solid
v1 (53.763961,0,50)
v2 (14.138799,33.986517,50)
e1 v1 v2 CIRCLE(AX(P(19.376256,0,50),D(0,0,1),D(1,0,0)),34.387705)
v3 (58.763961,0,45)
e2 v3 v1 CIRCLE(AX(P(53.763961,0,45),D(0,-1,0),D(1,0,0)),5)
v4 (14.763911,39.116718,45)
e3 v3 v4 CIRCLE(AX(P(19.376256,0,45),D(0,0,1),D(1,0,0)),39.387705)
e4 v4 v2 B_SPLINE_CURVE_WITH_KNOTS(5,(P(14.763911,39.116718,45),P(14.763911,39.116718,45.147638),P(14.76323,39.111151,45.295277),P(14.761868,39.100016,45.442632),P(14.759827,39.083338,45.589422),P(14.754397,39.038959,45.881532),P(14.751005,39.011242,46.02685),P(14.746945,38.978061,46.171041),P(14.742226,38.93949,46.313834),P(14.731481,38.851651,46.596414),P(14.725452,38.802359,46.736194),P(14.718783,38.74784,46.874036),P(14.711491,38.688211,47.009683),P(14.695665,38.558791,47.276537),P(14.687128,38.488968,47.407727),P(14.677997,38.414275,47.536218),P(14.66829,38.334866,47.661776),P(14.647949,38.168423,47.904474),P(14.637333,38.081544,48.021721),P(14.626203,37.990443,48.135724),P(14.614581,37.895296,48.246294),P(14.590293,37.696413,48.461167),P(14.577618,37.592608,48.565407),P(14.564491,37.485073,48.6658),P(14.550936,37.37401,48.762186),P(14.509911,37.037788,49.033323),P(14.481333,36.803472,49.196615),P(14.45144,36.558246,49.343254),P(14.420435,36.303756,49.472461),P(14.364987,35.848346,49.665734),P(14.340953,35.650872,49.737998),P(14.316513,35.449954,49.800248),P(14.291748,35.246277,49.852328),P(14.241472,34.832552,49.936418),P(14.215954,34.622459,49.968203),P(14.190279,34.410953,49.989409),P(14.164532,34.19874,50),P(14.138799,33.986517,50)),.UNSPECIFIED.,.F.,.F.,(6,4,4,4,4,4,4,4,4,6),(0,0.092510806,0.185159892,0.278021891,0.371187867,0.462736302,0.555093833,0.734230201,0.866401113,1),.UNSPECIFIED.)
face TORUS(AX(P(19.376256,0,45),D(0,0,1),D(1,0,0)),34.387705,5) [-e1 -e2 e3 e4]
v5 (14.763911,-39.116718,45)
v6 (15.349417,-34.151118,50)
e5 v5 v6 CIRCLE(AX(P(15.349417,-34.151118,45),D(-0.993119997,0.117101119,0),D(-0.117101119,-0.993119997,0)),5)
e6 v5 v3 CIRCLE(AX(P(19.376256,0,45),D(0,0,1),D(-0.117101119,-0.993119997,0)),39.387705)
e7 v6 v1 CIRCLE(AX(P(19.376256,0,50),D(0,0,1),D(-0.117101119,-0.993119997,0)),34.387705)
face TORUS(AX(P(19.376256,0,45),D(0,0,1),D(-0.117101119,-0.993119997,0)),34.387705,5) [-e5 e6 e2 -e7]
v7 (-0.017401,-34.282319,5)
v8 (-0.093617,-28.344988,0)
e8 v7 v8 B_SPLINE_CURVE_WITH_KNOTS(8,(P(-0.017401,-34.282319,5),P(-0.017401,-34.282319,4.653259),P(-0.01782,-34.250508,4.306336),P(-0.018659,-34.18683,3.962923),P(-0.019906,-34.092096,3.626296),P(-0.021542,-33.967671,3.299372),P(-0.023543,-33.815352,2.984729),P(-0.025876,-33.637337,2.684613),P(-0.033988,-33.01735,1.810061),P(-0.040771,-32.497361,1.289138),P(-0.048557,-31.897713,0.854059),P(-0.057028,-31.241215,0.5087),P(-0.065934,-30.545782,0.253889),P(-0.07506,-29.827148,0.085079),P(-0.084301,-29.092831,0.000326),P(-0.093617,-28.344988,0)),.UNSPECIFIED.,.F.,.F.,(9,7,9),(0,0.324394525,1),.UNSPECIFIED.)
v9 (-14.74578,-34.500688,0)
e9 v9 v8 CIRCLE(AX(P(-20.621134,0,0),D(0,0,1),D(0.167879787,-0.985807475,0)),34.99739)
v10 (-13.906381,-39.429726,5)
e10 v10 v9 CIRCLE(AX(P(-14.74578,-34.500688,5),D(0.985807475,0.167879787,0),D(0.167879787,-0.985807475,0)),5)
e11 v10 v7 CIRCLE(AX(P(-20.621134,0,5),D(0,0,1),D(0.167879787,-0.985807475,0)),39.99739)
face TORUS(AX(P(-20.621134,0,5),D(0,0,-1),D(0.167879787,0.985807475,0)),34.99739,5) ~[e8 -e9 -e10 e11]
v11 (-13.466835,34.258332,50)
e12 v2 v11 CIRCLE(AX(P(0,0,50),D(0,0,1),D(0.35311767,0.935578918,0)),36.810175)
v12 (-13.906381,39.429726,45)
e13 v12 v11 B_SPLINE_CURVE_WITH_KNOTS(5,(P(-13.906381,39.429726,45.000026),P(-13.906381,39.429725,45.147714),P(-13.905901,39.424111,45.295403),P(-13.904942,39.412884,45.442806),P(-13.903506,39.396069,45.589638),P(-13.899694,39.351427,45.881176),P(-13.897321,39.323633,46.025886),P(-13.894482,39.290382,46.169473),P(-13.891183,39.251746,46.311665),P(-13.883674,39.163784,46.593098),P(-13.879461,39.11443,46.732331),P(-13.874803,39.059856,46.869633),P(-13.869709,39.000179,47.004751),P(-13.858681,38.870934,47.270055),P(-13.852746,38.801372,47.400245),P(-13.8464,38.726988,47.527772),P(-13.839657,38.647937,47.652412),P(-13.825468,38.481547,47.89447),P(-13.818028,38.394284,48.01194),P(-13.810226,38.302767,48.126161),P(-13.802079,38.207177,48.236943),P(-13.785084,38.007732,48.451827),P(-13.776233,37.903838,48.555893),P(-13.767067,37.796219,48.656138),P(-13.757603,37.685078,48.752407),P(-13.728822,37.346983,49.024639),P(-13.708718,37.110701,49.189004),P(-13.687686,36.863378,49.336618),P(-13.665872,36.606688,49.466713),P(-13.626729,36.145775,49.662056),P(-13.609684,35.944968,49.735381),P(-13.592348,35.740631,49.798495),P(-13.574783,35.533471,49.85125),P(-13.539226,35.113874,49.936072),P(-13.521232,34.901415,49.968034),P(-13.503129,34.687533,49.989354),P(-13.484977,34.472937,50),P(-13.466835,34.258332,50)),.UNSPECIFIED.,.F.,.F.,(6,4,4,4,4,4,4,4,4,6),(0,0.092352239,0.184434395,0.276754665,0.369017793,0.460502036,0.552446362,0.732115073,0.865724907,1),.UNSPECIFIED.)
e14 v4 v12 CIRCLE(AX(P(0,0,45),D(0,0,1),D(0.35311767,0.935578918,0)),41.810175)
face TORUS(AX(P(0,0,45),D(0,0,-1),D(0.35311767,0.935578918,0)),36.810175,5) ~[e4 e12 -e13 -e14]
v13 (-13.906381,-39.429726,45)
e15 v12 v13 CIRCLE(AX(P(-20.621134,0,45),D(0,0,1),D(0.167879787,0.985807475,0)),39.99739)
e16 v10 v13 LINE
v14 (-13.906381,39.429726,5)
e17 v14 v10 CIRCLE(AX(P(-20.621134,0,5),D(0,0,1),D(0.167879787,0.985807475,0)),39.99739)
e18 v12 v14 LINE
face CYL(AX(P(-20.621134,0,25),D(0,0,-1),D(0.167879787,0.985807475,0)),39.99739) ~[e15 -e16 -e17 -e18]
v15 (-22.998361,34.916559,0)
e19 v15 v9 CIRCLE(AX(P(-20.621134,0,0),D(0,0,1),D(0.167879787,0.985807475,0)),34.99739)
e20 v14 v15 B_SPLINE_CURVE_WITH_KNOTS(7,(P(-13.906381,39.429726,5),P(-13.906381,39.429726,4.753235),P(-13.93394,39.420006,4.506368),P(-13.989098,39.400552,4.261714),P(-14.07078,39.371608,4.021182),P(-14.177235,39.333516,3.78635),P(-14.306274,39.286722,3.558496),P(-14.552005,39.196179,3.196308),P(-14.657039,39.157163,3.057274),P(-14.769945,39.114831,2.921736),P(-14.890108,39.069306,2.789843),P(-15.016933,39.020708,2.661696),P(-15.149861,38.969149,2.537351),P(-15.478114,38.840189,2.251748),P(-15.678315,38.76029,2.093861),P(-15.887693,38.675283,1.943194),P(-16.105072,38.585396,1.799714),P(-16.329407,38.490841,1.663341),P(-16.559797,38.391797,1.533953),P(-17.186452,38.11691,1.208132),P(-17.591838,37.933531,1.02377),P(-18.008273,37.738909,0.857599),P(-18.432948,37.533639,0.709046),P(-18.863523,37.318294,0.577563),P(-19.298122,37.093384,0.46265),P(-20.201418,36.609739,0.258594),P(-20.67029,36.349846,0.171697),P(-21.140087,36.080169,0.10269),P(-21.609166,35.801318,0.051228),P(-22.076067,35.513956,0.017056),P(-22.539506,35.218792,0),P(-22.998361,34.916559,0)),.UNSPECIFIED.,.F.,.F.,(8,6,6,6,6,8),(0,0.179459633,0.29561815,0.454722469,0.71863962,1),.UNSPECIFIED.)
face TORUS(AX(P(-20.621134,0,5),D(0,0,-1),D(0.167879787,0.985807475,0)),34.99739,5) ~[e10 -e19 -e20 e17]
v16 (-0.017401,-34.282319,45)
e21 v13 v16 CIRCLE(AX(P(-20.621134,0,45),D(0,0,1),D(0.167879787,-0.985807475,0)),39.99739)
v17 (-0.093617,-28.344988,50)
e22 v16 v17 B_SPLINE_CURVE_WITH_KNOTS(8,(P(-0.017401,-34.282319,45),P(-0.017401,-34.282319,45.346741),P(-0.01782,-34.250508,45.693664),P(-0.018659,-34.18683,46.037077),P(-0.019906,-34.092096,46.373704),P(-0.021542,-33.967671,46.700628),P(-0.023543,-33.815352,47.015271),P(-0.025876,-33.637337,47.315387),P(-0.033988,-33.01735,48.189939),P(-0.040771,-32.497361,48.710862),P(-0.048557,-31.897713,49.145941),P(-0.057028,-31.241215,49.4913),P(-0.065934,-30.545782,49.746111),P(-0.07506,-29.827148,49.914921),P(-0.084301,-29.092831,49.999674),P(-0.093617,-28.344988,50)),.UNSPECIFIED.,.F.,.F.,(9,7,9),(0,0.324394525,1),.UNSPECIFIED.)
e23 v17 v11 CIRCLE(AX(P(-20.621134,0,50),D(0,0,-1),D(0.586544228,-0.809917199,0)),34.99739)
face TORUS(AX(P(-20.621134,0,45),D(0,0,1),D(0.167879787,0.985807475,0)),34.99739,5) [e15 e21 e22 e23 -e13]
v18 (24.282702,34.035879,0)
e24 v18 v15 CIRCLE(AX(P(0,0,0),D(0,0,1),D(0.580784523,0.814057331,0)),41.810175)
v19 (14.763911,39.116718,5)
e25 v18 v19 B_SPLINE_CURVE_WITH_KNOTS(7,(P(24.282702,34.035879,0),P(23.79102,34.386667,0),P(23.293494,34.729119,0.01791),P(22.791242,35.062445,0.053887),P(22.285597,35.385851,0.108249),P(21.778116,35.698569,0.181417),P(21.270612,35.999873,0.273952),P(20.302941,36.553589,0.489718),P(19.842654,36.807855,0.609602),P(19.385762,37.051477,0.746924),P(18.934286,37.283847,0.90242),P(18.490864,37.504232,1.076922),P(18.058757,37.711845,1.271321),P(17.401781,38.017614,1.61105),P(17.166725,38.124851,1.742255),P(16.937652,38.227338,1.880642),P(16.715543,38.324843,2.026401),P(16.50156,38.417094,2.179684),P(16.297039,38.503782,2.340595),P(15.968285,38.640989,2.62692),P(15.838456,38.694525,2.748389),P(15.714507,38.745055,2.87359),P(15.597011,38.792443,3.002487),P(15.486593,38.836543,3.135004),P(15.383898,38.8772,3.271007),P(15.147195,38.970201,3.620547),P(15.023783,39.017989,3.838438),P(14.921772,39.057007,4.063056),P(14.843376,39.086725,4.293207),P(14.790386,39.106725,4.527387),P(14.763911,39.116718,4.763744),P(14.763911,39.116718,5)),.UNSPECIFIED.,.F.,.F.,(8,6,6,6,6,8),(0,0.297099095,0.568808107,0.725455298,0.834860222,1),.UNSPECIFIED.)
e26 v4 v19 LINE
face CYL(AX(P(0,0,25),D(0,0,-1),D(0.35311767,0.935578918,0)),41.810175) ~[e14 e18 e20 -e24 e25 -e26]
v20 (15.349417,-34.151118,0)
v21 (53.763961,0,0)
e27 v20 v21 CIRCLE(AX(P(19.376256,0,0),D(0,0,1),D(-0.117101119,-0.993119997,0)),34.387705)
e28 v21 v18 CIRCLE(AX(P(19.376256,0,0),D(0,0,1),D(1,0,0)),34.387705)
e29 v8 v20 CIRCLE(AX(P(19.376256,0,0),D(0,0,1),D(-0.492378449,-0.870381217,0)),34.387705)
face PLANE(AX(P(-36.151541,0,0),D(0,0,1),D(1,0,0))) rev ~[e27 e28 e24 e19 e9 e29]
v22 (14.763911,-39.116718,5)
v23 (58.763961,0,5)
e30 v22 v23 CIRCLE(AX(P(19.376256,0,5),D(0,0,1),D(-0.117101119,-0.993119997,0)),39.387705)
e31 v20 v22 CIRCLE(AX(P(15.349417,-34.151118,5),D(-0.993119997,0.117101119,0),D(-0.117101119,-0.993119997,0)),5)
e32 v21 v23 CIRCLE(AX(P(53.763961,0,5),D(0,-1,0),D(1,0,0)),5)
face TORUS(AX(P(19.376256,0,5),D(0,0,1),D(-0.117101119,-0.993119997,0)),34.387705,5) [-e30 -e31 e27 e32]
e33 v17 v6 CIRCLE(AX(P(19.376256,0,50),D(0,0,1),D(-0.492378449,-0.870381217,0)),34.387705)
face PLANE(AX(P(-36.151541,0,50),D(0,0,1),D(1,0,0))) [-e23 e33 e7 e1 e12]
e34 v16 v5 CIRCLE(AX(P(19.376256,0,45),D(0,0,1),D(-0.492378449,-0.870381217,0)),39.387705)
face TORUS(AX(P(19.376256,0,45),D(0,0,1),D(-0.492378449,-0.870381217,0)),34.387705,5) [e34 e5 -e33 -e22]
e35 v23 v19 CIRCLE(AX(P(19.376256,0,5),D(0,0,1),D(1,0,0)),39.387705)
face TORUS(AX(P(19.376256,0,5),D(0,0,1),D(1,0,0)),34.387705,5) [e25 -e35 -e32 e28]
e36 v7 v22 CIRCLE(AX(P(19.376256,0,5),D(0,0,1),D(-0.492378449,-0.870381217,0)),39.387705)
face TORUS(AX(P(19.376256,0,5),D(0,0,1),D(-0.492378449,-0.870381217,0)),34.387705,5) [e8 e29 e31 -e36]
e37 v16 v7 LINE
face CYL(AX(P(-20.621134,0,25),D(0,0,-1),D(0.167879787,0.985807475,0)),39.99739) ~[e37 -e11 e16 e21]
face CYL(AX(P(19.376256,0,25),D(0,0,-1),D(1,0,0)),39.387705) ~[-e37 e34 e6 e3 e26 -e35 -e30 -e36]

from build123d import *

# Parameters (mm, degrees)
F1_DEPTH = 25
F2_DEPTH = 25
F3_R     = 5


with BuildPart() as f1:
    # F0 (on Top) → F1 (new body)
    with BuildSketch(Plane.XY):
        with BuildLine():
            ThreePointArc((-13.9063807078, -39.4297258268), (-41.8101746369, 0), (-13.9063807078, 39.4297258268))
            ThreePointArc((-13.9063807078, 39.4297258268), (-60.6185237596, 0), (-13.9063807078, -39.4297258268))
        make_face()
        with BuildLine():
            ThreePointArc((-0.0174014932, 34.2823190322), (-6.7215345173, 37.5045640586), (-13.9063807078, 39.4297258268))
            ThreePointArc((-13.9063807078, 39.4297258268), (-41.8101746369, 0), (-13.9063807078, -39.4297258268))
            ThreePointArc((-13.9063807078, -39.4297258268), (-6.7215345173, -37.5045640586), (-0.0174014932, -34.2823190322))
            ThreePointArc((-0.0174014932, -34.2823190322), (-20.0114496486, 0), (-0.0174014932, 34.2823190322))
        make_face()
        with BuildLine():
            ThreePointArc((19.3762558232, 0), (14.1918428442, 19.6938527359), (-0.0174014932, 34.2823190322))
            ThreePointArc((-0.0174014932, 34.2823190322), (-20.0114496486, 0), (-0.0174014932, -34.2823190322))
            ThreePointArc((-0.0174014932, -34.2823190322), (14.1918428442, -19.6938527359), (19.3762558232, 0))
        make_face()
        with BuildLine():
            ThreePointArc((14.7639114539, -39.1167179317), (34.3902051417, -23.7782357099), (41.8101746369, 0))
            ThreePointArc((41.8101746369, 0), (34.3902051417, 23.7782357099), (14.7639114539, 39.1167179317))
            ThreePointArc((14.7639114539, 39.1167179317), (7.1322825133, 37.4362986941), (-0.0174014932, 34.2823190322))
            ThreePointArc((-0.0174014932, 34.2823190322), (14.1918428442, 19.6938527359), (19.3762558232, 0))
            ThreePointArc((19.3762558232, 0), (14.1918428442, -19.6938527359), (-0.0174014932, -34.2823190322))
            ThreePointArc((-0.0174014932, -34.2823190322), (7.1322825133, -37.4362986941), (14.7639114539, -39.1167179317))
        make_face()
        with BuildLine():
            ThreePointArc((14.7639114539, 39.1167179317), (34.3902051417, 23.7782357099), (41.8101746369, 0))
            ThreePointArc((41.8101746369, 0), (34.3902051417, -23.7782357099), (14.7639114539, -39.1167179317))
            ThreePointArc((14.7639114539, -39.1167179317), (45.546101837, -29.436890154), (58.7639612949, 0))
            ThreePointArc((58.7639612949, 0), (45.546101837, 29.436890154), (14.7639114539, 39.1167179317))
        make_face()
        with BuildLine():
            ThreePointArc((-0.0174014932, 34.2823190322), (7.1322825133, 37.4362986941), (14.7639114539, 39.1167179317))
            ThreePointArc((14.7639114539, 39.1167179317), (0.4564353522, 41.8076831448), (-13.9063807078, 39.4297258268))
            ThreePointArc((-13.9063807078, 39.4297258268), (-6.7215345173, 37.5045640586), (-0.0174014932, 34.2823190322))
        make_face()
    extrude(amount=F1_DEPTH)

    # F2 (add): a face of the model
    f2_faces = [f1.faces().sort_by_distance(p)[0] for p in [
        (-1.0668133748, 0.5074400714, 25),
    ]]
    extrude(f2_faces, amount=F2_DEPTH)

    # F3
    f3_edges = [f1.edges().sort_by_distance(p)[0] for p in [
        (57.988776, -7.775902, 50),
        (-59.926875, -7.406071, 50),
        (0.456435, 41.807683, 50),
        (-59.926875, -7.406071, 0),
        (57.988776, -7.775902, 0),
    ]]
    fillet(f3_edges, radius=F3_R)


solid = f1.part
